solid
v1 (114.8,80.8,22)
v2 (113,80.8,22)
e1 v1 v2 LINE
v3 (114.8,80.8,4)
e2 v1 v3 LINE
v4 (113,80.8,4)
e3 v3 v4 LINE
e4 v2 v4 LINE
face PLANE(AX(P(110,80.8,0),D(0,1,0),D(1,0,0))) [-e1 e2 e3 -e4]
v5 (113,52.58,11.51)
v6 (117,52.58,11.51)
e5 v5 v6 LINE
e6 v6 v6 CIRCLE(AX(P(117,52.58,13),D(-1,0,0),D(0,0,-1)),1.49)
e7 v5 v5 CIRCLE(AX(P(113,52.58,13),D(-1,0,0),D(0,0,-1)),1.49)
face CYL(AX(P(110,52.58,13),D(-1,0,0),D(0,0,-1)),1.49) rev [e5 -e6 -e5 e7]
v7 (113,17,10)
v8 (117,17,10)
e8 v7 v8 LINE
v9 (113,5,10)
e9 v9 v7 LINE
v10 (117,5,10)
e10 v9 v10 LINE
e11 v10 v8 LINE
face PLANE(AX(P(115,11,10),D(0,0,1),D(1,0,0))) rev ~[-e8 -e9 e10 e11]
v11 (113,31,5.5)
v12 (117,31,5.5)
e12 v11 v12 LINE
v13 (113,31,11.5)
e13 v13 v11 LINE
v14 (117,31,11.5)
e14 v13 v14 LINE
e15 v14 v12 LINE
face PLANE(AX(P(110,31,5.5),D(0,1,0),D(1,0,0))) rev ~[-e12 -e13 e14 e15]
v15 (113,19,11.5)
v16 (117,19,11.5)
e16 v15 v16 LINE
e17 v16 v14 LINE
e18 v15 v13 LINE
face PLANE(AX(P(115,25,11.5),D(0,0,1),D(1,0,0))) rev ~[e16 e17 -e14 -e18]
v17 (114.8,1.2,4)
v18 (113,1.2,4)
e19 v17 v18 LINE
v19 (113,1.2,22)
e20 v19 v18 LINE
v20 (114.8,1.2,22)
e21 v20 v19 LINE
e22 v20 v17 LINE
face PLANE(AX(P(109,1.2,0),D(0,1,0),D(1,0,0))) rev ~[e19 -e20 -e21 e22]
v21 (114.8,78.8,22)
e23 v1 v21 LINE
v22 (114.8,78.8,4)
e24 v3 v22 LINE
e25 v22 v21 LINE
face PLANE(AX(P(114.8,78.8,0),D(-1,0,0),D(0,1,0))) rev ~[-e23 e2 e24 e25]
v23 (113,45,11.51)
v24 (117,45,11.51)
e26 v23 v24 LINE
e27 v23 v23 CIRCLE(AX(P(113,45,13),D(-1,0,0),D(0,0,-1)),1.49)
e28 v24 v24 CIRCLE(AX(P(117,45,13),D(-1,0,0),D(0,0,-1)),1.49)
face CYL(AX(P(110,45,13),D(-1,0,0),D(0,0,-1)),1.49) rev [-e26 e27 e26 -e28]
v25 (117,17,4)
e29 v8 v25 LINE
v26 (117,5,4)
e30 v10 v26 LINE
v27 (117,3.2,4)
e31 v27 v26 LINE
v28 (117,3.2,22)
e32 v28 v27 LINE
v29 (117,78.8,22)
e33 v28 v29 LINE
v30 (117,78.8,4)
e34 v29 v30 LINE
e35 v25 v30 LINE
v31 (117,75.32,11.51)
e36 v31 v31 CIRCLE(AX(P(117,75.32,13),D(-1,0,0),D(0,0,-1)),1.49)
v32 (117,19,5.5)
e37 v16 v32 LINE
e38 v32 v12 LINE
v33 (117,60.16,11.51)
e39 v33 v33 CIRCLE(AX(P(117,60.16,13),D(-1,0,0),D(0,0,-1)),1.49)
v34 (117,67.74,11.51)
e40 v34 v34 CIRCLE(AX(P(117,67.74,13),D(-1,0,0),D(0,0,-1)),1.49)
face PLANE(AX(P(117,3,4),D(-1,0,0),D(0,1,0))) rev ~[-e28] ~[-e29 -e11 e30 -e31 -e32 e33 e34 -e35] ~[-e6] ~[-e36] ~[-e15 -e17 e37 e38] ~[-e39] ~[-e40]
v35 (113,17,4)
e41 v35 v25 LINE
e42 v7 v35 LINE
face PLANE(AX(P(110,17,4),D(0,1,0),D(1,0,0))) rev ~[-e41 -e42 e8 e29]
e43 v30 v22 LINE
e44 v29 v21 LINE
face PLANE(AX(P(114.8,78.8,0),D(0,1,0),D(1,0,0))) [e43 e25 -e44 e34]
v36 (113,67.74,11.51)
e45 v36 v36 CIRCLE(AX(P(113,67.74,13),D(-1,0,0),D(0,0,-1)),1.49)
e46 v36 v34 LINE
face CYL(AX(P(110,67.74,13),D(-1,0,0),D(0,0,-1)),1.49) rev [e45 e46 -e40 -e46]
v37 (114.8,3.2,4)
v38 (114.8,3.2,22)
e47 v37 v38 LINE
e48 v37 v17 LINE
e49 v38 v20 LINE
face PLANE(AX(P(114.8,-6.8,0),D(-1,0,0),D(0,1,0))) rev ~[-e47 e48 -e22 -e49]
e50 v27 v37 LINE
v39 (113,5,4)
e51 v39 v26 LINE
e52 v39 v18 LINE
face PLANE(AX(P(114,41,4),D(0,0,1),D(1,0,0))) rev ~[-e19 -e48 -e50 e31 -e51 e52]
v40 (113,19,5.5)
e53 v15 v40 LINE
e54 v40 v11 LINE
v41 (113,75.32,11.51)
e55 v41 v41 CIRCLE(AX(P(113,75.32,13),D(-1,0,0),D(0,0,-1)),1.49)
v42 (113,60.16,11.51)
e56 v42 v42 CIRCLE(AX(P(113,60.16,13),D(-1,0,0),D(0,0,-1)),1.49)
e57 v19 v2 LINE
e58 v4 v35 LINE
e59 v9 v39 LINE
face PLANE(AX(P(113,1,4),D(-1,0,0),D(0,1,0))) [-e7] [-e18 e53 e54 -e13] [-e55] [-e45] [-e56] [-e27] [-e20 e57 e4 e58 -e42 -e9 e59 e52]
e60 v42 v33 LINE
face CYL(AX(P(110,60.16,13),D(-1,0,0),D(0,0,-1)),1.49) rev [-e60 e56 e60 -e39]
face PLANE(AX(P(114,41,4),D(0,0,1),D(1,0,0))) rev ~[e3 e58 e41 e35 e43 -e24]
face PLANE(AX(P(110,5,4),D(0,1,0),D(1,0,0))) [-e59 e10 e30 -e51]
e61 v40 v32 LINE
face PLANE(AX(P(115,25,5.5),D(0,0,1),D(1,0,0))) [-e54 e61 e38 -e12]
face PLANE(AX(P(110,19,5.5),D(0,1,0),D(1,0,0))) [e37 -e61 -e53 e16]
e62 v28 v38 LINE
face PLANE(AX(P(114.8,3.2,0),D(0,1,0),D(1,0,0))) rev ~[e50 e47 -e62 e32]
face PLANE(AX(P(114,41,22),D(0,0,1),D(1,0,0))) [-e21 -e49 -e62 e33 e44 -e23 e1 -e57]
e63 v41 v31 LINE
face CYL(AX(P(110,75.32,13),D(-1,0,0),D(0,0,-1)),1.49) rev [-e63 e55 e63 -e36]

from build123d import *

# Parameters (mm, degrees)
BOX052_W          = 10
BOX052_H          = 12
BOX052_DEPTH      = 6
BOX053_W          = 10
BOX053_H          = 12
BOX053_DEPTH      = 6
CYLINDER011_R     = 1.49
CYLINDER011_DEPTH = 10
ARRAY017_Y_COUNT  = 5
ARRAY017_Y_PITCH  = 7.58
BOX051_W          = 10
BOX051_H          = 10
BOX051_DEPTH      = 31
BOX050_W          = 10
BOX050_H          = 10
BOX050_DEPTH      = 30
BOX049_W          = 10
BOX049_H          = 10
BOX049_DEPTH      = 25
BOX048_W          = 10
BOX048_H          = 10
BOX048_DEPTH      = 25
BOX046_W          = 2
BOX046_H          = 80
BOX046_DEPTH      = 18
BOX047_W          = 4
BOX047_H          = 76
BOX047_DEPTH      = 18


with BuildPart() as usb:
    # Box052 → Box052 (new body)
    with BuildSketch(Plane(origin=(110, 5, 4), x_dir=(1, 0, 0), z_dir=(0, 0, 1))):
        with Locations((5, 6)):
            Rectangle(BOX052_W, BOX052_H)
    extrude(amount=BOX052_DEPTH)


with BuildPart() as jtag:
    # Box053 → Box053 (new body)
    with BuildSketch(Plane(origin=(110, 19, 5.5), x_dir=(1, 0, 0), z_dir=(0, 0, 1))):
        with Locations((5, 6)):
            Rectangle(BOX053_W, BOX053_H)
    extrude(amount=BOX053_DEPTH)


with BuildPart() as fusion008032:
    # Cylinder011 → Cylinder011 (new body)
    with BuildSketch(Plane(origin=(143, 6, 13), x_dir=(0, 0, -1), z_dir=(1, 0, 0))):
        Circle(CYLINDER011_R)
    extrude(amount=CYLINDER011_DEPTH)

    # Array017 Y: Fusion008032 ×5


with BuildPart() as fusion008032_1:
    add(fusion008032.part)
    with Locations(*[(0, i * ARRAY017_Y_PITCH, 0) for i in range(1, ARRAY017_Y_COUNT)]):
        add(fusion008032.part)


with BuildPart() as fusion008032_2:
    # Array017 placement: moved
    add(fusion008032_1.part.moved(Location((-33, 39, 0))))

    # Fusion008032: union USB, JTAG
    add(usb.part)
    add(jtag.part)


with BuildPart() as w_rfel037:
    # Box051 → Box051 (new body)
    with BuildSketch(Plane(origin=(110, 80.8, 0), x_dir=(1, 0, 0), z_dir=(0, 0, 1))):
        with Locations((5, 5)):
            Rectangle(BOX051_W, BOX051_H)
    extrude(amount=BOX051_DEPTH)


with BuildPart() as w_rfel036:
    # Box050 → Box050 (new body)
    with BuildSketch(Plane(origin=(109, -8.8, 0), x_dir=(1, 0, 0), z_dir=(0, 0, 1))):
        with Locations((5, 5)):
            Rectangle(BOX050_W, BOX050_H)
    extrude(amount=BOX050_DEPTH)


with BuildPart() as w_rfel035:
    # Box049 → Box049 (new body)
    with BuildSketch(Plane(origin=(114.8, 78.8, 0), x_dir=(1, 0, 0), z_dir=(0, 0, 1))):
        with Locations((5, 5)):
            Rectangle(BOX049_W, BOX049_H)
    extrude(amount=BOX049_DEPTH)


with BuildPart() as w_rfel034:
    # Box048 → Box048 (new body)
    with BuildSketch(Plane(origin=(114.8, -6.8, 0), x_dir=(1, 0, 0), z_dir=(0, 0, 1))):
        with Locations((5, 5)):
            Rectangle(BOX048_W, BOX048_H)
    extrude(amount=BOX048_DEPTH)


with BuildPart() as f_hrung003:
    # Box046 → Box046 (new body)
    with BuildSketch(Plane(origin=(113, 1, 23), x_dir=(1, 0, 0), z_dir=(0, 0, 1))):
        with Locations((1, 40)):
            Rectangle(BOX046_W, BOX046_H)
    extrude(amount=BOX046_DEPTH)


with BuildPart() as front_cpu:
    # Box047 → Box047 (new body)
    with BuildSketch(Plane(origin=(113, 3, 23), x_dir=(1, 0, 0), z_dir=(0, 0, 1))):
        with Locations((2, 38)):
            Rectangle(BOX047_W, BOX047_H)
    extrude(amount=BOX047_DEPTH)

    # Fusion008031: union Führung003
    add(f_hrung003.part)


with BuildPart() as front_cpu_1:
    # Fusion008031 placement: moved
    add(front_cpu.part.moved(Location((0, 0, -19))))

    # Cut047: cut Würfel034
    add(w_rfel034.part, mode=Mode.SUBTRACT)

    # Cut048: cut Würfel035
    add(w_rfel035.part, mode=Mode.SUBTRACT)

    # Cut049: cut Würfel036
    add(w_rfel036.part, mode=Mode.SUBTRACT)

    # Cut050: cut Würfel037
    add(w_rfel037.part, mode=Mode.SUBTRACT)

    # Cut053: cut Fusion008032
    add(fusion008032_2.part, mode=Mode.SUBTRACT)


solid = front_cpu_1.part
